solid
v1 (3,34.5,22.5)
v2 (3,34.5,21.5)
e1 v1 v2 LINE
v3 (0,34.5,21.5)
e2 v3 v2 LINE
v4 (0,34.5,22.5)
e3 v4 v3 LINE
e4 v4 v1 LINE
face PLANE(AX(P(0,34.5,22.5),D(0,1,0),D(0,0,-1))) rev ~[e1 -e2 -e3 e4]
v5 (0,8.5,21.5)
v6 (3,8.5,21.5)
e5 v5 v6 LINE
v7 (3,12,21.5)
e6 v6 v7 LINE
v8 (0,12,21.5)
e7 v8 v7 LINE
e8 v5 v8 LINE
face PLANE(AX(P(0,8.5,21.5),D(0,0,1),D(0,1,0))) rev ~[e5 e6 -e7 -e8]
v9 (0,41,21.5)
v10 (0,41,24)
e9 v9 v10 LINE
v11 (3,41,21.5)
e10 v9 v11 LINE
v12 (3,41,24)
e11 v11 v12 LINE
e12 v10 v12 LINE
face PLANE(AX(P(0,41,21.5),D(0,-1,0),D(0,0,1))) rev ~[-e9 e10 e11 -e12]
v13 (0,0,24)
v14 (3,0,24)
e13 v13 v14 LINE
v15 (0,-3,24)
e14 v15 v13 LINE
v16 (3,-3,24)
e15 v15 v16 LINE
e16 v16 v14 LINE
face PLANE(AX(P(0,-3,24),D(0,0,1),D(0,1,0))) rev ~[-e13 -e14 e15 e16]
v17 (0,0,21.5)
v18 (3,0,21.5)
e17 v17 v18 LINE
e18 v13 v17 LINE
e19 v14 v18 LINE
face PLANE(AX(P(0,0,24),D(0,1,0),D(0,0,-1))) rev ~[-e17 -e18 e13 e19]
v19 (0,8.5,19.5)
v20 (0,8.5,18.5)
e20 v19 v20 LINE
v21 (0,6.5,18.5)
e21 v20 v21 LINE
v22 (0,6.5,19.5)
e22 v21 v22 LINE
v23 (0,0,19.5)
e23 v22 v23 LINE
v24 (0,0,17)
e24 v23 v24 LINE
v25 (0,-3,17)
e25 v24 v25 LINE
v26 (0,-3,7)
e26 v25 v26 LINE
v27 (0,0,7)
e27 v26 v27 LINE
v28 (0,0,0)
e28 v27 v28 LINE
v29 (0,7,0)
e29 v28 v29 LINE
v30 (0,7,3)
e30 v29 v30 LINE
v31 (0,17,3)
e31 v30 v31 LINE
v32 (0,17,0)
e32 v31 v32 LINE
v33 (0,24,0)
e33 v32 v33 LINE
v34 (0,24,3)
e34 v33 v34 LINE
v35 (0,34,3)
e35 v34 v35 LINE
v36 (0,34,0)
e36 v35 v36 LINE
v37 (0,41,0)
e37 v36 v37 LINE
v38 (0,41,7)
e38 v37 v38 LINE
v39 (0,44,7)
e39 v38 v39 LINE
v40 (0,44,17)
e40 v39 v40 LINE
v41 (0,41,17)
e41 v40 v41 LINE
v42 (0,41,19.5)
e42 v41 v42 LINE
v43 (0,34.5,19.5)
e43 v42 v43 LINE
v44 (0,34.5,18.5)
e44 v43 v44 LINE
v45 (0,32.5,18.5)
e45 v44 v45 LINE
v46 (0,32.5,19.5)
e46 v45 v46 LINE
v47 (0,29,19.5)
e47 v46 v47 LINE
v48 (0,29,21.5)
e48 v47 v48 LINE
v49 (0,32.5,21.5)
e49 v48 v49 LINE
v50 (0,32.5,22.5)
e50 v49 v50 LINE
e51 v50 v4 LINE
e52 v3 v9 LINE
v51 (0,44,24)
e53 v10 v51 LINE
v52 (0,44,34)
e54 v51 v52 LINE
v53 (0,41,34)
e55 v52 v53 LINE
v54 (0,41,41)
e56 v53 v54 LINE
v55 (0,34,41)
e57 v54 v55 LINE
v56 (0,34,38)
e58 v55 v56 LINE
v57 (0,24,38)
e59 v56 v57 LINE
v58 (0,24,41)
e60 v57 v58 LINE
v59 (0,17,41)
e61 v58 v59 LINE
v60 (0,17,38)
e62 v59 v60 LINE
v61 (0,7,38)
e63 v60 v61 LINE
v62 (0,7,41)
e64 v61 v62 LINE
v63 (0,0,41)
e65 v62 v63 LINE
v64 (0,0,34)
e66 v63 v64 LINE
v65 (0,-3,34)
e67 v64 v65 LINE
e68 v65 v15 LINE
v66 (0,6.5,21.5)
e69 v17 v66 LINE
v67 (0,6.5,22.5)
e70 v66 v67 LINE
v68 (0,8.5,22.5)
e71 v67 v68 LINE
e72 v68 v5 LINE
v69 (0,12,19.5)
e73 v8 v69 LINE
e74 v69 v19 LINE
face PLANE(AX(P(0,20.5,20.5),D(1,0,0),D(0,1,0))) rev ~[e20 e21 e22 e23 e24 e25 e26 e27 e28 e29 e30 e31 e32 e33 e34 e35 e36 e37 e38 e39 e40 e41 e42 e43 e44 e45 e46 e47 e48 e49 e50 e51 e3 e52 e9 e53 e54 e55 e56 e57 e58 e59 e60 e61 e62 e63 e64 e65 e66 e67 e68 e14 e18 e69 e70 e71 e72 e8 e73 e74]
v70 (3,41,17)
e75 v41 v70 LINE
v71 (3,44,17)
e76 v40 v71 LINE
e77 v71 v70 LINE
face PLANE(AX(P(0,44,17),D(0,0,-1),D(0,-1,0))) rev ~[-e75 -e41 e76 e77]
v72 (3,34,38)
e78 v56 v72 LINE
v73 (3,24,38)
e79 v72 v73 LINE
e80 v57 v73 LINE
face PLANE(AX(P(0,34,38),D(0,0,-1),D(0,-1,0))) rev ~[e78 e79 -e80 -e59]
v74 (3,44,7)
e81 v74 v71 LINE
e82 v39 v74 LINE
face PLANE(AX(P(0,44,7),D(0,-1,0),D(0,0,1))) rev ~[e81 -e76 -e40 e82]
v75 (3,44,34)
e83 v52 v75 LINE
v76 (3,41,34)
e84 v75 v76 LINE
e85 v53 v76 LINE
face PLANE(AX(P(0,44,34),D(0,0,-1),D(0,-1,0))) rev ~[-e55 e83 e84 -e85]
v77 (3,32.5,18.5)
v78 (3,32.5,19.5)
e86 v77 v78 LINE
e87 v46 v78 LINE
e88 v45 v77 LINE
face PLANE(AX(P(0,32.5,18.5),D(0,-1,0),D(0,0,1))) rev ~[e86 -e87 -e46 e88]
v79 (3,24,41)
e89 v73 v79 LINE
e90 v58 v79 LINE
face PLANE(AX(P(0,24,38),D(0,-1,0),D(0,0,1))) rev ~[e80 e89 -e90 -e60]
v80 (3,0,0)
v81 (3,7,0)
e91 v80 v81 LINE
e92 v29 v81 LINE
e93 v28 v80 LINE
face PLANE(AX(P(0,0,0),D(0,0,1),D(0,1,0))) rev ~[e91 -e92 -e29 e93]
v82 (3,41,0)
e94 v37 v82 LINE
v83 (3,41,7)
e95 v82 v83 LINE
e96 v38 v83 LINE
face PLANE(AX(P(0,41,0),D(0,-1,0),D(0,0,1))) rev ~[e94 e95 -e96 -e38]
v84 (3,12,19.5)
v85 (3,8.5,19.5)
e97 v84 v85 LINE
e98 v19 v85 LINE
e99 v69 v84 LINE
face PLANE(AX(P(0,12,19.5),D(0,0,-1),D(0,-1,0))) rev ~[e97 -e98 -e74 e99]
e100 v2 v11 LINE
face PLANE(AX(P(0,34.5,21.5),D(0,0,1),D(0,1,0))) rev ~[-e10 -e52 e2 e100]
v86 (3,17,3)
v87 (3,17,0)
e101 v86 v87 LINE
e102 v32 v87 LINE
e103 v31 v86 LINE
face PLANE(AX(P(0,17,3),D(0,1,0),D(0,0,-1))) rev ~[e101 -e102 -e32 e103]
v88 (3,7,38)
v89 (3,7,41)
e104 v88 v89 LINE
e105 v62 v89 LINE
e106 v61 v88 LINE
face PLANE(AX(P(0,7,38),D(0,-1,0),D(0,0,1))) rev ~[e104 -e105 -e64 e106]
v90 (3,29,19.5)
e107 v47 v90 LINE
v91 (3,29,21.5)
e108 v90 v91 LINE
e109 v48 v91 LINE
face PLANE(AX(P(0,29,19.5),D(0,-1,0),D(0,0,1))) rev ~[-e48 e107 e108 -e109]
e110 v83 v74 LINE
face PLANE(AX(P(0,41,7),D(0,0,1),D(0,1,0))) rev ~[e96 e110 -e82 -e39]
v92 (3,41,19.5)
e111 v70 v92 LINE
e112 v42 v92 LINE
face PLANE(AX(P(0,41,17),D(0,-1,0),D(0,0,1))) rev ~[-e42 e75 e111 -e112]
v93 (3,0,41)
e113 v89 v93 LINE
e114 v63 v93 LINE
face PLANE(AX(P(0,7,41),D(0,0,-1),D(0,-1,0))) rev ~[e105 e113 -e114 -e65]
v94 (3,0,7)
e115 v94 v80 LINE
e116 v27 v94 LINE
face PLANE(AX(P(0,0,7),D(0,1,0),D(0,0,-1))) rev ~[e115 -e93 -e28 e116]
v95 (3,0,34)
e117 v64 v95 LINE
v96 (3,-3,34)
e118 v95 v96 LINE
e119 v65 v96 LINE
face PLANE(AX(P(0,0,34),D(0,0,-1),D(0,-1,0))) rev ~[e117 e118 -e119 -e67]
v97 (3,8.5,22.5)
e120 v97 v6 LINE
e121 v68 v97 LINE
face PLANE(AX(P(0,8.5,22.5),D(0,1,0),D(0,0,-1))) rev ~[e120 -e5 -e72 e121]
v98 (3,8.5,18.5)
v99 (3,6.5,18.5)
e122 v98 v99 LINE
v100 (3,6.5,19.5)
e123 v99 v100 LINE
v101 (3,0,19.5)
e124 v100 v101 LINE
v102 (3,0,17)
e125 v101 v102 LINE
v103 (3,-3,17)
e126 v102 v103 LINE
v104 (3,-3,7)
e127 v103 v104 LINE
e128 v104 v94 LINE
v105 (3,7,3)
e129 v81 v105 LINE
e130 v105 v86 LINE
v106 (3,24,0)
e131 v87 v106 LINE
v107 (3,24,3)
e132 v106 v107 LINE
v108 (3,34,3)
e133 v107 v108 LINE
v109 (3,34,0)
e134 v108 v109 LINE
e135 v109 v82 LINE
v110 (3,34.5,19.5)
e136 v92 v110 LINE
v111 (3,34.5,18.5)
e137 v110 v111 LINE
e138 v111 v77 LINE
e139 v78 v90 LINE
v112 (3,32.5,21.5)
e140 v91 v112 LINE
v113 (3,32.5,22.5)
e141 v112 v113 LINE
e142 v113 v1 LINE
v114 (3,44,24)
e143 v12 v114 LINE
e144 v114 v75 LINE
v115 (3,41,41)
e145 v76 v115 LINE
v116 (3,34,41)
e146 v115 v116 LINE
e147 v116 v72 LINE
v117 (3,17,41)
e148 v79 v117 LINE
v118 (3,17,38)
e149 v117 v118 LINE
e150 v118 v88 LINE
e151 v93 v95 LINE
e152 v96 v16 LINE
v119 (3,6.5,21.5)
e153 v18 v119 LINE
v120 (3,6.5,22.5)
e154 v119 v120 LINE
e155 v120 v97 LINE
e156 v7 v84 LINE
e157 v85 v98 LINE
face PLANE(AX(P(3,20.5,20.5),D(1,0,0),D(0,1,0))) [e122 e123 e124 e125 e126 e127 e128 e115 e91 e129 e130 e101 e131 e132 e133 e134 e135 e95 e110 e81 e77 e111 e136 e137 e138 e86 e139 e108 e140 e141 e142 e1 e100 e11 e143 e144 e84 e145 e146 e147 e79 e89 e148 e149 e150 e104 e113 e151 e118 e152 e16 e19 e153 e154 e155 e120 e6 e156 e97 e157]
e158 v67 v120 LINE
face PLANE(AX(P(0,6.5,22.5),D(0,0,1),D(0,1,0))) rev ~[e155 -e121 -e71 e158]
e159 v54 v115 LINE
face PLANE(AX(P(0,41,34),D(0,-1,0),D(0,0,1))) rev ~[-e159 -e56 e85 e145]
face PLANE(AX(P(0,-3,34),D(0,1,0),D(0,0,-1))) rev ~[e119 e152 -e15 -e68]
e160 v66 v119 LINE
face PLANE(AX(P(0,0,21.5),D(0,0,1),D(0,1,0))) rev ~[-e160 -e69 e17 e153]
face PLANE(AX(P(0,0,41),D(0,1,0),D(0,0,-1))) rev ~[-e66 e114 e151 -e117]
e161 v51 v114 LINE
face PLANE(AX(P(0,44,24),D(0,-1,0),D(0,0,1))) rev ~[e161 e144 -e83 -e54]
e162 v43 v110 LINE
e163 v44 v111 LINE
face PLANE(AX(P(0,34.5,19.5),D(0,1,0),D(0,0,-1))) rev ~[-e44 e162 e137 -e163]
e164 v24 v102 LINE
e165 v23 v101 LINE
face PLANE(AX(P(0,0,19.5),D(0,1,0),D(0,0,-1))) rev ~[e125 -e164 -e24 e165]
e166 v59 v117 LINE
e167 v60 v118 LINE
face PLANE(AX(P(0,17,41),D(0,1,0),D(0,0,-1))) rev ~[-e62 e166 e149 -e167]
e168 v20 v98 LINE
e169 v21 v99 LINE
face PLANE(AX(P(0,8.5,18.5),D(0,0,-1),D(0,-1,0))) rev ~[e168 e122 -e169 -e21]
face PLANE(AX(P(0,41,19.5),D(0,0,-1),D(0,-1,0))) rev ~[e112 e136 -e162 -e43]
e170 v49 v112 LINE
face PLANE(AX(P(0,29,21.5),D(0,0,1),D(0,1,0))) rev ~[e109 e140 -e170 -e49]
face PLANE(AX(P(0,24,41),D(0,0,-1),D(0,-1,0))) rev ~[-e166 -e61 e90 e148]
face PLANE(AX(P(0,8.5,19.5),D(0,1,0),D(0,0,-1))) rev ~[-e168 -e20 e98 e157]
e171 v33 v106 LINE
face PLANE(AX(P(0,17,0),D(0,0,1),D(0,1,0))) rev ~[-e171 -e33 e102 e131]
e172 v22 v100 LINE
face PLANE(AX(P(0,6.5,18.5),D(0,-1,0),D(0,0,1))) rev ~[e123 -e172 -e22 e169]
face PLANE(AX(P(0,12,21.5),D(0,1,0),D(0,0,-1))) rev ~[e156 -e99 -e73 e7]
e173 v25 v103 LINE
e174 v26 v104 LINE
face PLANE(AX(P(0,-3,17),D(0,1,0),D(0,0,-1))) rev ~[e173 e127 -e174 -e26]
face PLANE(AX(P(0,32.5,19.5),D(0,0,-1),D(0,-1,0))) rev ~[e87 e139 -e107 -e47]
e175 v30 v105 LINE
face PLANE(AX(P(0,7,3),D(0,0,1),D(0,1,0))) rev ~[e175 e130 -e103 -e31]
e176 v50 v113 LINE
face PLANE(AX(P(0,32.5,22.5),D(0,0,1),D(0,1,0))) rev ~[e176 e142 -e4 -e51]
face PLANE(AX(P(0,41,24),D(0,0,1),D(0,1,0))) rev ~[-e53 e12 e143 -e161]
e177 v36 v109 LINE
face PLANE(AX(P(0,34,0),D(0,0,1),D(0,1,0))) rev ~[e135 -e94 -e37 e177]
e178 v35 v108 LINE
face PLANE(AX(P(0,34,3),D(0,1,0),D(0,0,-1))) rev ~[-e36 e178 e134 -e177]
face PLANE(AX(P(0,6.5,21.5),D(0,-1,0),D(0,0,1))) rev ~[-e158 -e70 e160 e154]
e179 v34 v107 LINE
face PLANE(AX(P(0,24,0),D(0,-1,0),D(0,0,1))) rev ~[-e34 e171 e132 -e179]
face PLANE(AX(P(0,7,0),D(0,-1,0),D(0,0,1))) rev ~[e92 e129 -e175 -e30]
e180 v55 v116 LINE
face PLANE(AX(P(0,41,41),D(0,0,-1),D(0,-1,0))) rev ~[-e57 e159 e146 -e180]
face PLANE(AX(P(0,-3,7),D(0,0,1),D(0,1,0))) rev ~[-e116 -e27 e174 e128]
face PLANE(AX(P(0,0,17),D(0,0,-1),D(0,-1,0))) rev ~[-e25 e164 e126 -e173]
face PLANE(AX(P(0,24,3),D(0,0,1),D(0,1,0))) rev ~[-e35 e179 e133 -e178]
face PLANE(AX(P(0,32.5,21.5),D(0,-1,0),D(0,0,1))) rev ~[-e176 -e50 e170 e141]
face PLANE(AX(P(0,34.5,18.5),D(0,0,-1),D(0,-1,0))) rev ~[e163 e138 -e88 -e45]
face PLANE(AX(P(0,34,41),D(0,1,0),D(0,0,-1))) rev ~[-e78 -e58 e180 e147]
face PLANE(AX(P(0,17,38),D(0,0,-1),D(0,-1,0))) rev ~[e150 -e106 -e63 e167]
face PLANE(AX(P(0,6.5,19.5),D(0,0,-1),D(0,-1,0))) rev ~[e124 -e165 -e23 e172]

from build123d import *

# Parameters (mm, degrees)
F1_DEPTH = 3


with BuildPart() as f1:
    # F0 (on Right) → F1 (new body)
    with BuildSketch(Plane.YZ):
        Polygon((20.5, 0), (24, 0), (24, 3), (34, 3), (34, 0), (41, 0), (41, 7), (44, 7), (44, 17), (41, 17), (41, 19.5), (34.5, 19.5), (34.5, 18.5), (32.5, 18.5), (32.5, 19.5), (29, 19.5), (29, 20.5), (29, 21.5), (32.5, 21.5), (32.5, 22.5), (34.5, 22.5), (34.5, 21.5), (41, 21.5), (41, 24), (44, 24), (44, 34), (41, 34), (41, 41), (34, 41), (34, 38), (24, 38), (24, 41), (20.5, 41), (17, 41), (17, 38), (7, 38), (7, 41), (0, 41), (0, 34), (-3, 34), (-3, 24), (0, 24), (0, 21.5), (6.5, 21.5), (6.5, 22.5), (8.5, 22.5), (8.5, 21.5), (12, 21.5), (12, 20.5), (12, 19.5), (8.5, 19.5), (8.5, 18.5), (6.5, 18.5), (6.5, 19.5), (0, 19.5), (0, 17), (-3, 17), (-3, 7), (0, 7), (0, 0), (7, 0), (7, 3), (17, 3), (17, 0), align=None)
    extrude(amount=F1_DEPTH)


solid = f1.part
